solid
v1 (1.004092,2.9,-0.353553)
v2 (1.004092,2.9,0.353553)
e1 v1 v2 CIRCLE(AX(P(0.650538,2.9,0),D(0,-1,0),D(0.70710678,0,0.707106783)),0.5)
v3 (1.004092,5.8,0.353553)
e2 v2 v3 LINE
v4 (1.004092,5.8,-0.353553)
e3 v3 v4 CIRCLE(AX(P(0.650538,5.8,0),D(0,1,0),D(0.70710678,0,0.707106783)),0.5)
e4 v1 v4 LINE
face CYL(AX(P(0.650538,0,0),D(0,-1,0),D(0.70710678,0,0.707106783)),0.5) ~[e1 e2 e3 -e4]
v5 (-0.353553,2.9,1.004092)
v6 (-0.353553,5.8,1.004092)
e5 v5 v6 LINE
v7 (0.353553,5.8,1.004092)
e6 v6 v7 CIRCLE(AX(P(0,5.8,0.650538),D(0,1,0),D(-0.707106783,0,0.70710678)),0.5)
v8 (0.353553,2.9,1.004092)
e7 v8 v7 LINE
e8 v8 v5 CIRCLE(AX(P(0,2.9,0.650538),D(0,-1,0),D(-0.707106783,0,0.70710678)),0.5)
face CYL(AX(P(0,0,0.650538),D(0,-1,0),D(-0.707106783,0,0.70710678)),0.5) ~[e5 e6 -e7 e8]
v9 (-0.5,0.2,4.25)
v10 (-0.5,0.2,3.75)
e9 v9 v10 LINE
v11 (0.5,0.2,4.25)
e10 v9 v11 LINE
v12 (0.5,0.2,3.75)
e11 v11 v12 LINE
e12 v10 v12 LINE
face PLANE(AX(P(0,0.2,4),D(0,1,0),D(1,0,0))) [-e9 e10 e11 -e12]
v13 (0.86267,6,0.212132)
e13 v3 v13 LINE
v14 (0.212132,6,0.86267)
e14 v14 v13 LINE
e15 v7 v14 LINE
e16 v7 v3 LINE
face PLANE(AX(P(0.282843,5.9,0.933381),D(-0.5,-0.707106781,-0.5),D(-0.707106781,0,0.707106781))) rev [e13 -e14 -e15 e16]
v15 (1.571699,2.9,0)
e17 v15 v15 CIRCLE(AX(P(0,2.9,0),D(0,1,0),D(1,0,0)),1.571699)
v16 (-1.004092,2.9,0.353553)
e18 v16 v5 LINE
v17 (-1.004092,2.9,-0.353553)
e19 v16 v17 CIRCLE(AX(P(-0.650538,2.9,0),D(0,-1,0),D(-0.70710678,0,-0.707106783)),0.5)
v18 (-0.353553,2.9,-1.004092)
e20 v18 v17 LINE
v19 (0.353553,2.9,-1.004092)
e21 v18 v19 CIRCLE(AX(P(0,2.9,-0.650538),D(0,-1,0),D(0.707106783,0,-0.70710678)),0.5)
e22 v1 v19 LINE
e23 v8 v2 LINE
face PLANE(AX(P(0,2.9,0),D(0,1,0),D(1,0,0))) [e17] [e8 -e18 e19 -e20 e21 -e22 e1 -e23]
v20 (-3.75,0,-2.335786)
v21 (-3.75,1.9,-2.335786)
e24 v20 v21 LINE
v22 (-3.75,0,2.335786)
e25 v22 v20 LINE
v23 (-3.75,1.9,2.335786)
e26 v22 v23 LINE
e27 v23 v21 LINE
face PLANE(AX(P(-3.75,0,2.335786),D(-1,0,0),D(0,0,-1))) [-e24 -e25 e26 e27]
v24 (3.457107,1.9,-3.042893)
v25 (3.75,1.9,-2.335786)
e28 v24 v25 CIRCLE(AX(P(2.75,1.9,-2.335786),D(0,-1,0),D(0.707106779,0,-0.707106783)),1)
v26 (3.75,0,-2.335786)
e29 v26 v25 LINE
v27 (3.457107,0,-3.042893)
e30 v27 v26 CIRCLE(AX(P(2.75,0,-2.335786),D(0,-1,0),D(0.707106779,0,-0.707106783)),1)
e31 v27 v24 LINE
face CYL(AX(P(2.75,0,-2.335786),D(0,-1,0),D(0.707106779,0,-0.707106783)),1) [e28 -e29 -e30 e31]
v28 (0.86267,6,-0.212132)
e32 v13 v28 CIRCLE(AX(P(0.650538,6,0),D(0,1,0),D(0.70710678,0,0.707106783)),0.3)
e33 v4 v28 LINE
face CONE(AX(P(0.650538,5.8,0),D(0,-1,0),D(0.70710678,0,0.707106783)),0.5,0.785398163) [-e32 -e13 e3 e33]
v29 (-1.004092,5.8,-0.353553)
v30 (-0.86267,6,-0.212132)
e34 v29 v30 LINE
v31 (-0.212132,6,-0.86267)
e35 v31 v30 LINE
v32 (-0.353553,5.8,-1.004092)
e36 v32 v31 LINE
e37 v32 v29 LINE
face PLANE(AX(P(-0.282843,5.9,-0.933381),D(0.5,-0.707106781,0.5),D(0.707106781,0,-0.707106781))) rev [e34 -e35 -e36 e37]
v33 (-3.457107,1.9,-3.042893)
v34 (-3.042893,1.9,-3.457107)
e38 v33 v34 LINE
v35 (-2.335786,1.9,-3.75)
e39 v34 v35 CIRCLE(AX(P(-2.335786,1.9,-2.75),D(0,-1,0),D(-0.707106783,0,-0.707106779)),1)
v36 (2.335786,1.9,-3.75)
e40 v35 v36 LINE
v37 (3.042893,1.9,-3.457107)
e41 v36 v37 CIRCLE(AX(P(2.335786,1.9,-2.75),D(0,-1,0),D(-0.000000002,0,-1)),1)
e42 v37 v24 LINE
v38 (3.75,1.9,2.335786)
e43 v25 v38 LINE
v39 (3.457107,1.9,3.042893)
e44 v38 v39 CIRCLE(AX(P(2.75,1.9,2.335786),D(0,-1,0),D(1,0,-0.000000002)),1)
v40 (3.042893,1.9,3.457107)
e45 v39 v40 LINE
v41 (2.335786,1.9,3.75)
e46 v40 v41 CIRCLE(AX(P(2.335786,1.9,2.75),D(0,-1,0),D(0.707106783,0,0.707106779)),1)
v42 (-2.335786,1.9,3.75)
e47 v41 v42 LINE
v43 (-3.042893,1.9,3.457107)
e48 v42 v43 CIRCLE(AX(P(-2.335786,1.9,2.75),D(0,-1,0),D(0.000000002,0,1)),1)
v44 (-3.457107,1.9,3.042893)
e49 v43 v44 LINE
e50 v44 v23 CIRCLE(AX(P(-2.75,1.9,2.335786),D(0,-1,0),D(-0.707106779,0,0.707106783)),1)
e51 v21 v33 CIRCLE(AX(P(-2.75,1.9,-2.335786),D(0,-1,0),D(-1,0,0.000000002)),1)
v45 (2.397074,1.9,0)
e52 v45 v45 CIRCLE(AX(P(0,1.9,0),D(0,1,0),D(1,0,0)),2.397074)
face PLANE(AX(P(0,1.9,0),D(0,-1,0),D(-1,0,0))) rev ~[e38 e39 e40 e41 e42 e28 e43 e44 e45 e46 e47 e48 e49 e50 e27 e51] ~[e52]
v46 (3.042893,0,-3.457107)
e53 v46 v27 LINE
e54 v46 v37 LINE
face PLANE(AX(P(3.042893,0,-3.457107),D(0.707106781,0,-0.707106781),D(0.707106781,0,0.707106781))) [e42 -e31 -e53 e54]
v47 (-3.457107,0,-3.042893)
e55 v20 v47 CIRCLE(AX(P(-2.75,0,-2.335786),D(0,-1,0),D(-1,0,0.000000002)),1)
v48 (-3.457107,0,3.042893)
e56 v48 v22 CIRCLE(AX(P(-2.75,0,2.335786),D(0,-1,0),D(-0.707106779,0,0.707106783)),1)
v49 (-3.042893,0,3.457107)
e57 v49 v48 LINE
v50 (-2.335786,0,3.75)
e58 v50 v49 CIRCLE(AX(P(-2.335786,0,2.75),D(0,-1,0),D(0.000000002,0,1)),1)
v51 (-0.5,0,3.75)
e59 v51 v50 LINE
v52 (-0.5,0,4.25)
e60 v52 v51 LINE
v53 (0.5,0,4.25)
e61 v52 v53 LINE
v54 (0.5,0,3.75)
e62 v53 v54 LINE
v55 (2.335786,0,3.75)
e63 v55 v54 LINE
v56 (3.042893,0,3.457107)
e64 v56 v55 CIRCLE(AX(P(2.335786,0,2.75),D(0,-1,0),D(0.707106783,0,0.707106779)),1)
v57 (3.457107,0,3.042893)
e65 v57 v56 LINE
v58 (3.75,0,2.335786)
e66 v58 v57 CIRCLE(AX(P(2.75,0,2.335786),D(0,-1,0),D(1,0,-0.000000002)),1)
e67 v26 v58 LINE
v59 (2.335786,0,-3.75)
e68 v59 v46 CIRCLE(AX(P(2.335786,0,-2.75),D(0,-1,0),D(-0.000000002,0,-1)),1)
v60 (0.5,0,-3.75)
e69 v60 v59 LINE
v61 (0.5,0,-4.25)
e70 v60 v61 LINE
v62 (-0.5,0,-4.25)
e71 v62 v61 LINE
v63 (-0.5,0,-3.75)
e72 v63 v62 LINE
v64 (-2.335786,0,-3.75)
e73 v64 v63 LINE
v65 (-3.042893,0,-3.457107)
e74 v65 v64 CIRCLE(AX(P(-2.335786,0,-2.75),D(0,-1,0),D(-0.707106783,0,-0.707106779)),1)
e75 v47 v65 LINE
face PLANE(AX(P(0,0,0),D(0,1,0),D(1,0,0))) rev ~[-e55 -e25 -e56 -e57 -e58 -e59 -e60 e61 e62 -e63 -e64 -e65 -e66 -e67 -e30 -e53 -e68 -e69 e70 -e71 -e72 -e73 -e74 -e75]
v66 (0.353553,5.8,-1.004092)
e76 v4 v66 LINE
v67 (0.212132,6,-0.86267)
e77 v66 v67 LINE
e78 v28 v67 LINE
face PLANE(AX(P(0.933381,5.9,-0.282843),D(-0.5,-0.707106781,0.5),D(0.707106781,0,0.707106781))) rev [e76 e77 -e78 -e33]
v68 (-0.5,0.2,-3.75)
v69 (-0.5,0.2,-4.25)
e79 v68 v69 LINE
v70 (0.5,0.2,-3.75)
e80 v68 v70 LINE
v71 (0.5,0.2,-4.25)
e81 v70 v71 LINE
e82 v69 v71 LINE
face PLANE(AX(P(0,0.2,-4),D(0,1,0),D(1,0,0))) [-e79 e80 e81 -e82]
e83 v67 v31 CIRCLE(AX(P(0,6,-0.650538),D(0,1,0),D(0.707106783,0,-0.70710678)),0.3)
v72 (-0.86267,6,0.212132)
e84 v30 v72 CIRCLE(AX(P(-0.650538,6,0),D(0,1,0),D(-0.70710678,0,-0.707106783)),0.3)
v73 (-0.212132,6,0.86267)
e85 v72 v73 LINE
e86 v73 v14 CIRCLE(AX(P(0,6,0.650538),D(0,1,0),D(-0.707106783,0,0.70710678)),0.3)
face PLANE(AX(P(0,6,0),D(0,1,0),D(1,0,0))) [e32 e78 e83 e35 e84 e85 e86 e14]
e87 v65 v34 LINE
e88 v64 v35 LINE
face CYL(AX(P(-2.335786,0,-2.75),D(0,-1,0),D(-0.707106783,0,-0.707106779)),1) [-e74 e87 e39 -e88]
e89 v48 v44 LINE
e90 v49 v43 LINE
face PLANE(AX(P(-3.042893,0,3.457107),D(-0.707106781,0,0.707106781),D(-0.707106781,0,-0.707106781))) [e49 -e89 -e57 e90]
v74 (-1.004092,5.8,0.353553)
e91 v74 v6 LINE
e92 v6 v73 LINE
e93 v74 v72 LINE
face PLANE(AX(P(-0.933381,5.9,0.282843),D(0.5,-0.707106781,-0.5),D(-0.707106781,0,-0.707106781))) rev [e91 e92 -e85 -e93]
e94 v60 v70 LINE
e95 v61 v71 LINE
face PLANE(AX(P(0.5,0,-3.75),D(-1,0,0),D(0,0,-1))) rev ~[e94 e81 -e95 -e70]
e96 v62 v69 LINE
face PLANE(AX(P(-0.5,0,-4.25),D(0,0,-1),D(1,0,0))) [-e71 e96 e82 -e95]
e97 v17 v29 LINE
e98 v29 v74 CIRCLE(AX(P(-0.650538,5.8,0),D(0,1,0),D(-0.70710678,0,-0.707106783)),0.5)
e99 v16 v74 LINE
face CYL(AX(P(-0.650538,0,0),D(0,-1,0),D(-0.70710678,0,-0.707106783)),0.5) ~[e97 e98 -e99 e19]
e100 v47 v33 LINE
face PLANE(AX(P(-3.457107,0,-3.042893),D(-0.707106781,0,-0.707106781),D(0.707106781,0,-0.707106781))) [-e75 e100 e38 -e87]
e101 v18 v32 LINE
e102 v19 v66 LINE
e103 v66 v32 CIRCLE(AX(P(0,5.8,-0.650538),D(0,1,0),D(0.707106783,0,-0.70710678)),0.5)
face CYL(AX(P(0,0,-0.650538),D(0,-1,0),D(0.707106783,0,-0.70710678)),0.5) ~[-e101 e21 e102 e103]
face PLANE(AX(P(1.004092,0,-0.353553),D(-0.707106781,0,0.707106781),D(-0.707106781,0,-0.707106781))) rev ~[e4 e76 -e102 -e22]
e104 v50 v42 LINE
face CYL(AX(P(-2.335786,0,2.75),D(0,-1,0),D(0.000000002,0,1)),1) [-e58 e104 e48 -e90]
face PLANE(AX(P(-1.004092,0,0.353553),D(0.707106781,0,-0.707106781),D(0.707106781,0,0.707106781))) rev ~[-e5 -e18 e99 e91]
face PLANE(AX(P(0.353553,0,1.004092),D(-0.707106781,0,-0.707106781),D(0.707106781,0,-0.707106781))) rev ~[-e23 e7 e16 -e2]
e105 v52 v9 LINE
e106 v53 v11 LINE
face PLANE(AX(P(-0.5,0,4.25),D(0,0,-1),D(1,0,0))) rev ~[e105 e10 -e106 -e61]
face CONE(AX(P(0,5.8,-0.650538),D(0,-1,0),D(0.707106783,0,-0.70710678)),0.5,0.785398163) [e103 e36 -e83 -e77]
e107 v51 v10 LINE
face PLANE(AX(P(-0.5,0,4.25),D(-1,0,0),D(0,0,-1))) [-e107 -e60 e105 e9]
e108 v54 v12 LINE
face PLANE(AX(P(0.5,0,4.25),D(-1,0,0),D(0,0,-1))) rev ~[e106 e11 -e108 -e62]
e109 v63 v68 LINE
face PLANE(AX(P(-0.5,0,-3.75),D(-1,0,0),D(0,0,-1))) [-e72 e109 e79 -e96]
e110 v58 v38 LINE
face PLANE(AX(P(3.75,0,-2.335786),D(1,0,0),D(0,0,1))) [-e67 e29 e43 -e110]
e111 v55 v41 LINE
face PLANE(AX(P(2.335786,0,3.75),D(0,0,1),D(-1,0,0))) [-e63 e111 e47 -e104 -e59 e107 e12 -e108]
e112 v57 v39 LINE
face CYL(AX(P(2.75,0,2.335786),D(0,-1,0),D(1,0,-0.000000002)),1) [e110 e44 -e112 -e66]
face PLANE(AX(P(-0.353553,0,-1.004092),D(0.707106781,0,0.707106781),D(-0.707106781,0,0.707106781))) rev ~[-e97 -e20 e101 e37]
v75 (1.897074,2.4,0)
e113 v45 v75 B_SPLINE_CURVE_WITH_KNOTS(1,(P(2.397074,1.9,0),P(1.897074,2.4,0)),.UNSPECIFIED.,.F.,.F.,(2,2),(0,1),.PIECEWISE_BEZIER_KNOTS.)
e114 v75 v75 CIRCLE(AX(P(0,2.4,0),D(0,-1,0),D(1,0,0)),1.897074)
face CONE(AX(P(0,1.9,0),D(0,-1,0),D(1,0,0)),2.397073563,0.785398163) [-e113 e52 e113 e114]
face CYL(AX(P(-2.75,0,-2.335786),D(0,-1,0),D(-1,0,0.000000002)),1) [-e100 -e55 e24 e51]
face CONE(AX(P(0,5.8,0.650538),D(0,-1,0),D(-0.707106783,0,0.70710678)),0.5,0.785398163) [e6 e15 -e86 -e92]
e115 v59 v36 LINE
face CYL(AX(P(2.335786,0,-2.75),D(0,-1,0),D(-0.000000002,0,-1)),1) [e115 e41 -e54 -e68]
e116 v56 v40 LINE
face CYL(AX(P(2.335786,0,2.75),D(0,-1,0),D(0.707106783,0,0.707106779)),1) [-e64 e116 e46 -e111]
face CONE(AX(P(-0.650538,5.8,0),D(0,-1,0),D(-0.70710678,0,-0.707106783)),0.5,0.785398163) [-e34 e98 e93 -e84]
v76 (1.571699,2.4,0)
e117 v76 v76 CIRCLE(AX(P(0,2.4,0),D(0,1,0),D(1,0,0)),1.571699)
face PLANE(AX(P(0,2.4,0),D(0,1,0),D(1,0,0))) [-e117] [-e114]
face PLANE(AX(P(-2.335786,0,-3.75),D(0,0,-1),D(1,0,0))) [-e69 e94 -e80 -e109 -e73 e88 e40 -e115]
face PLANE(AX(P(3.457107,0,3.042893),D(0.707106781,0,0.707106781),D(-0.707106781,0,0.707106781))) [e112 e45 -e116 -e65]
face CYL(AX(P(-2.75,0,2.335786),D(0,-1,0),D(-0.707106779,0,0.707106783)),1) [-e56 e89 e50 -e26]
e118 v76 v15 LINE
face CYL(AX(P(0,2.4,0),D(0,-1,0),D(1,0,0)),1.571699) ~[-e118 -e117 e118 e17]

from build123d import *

# Parameters (mm, degrees)
BOSS_EXTRUDE1_DEPTH = 1.9
BOSS_EXTRUDE2_DEPTH = 6
SKETCH3_R           = 2.397073563
BOSS_EXTRUDE3_DEPTH = 0.5
BOSS_EXTRUDE3_TAPER = 45
SKETCH4_R           = 1.57169904
BOSS_EXTRUDE4_DEPTH = 0.5
SKETCH5_W           = 1
SKETCH5_H           = 0.5
BOSS_EXTRUDE5_DEPTH = 0.2
CHAMFER1_SIZE       = 0.2


with BuildPart() as part:
    # Sketch1 → Boss-Extrude1 (new body)
    with BuildSketch(Plane(origin=(0, 0, 0), x_dir=(1, 0, 0), z_dir=(0, 1, 0))):
        with BuildLine():
            Line((-3.457106781, 3.042893219), (-3.042893219, 3.457106781))
            ThreePointArc((-3.042893219, 3.457106781), (-2.71846987, 3.673879533), (-2.335786438, 3.75))
            Line((-2.335786438, 3.75), (2.335786438, 3.75))
            ThreePointArc((2.335786438, 3.75), (2.71846987, 3.673879533), (3.042893219, 3.457106781))
            Line((3.042893219, 3.457106781), (3.457106781, 3.042893219))
            ThreePointArc((3.457106781, 3.042893219), (3.673879533, 2.71846987), (3.75, 2.335786438))
            Line((3.75, 2.335786438), (3.75, -2.335786438))
            ThreePointArc((3.75, -2.335786438), (3.673879533, -2.71846987), (3.457106781, -3.042893219))
            Line((3.457106781, -3.042893219), (3.042893219, -3.457106781))
            ThreePointArc((3.042893219, -3.457106781), (2.71846987, -3.673879533), (2.335786438, -3.75))
            Line((2.335786438, -3.75), (-2.335786438, -3.75))
            ThreePointArc((-2.335786438, -3.75), (-2.71846987, -3.673879533), (-3.042893219, -3.457106781))
            Line((-3.042893219, -3.457106781), (-3.457106781, -3.042893219))
            ThreePointArc((-3.457106781, -3.042893219), (-3.673879533, -2.71846987), (-3.75, -2.335786438))
            Line((-3.75, -2.335786438), (-3.75, 2.335786438))
            ThreePointArc((-3.75, 2.335786438), (-3.673879533, 2.71846987), (-3.457106781, 3.042893219))
        make_face()
    extrude(amount=BOSS_EXTRUDE1_DEPTH)

    # Sketch2 → Boss-Extrude2 (add)
    with BuildSketch(Plane(origin=(0, 0, 0), x_dir=(1, 0, 0), z_dir=(0, 1, 0))):
        with BuildLine():
            Line((0.353553391, -1.004091629), (1.004091629, -0.353553391))
            ThreePointArc((1.004091629, -0.353553391), (1.150538239, 0), (1.004091629, 0.353553391))
            Line((1.004091629, 0.353553391), (0.353553391, 1.004091629))
            ThreePointArc((0.353553391, 1.004091629), (0, 1.150538239), (-0.353553391, 1.004091629))
            Line((-0.353553391, 1.004091629), (-1.004091629, 0.353553391))
            ThreePointArc((-1.004091629, 0.353553391), (-1.150538239, 0), (-1.004091629, -0.353553391))
            Line((-1.004091629, -0.353553391), (-0.353553391, -1.004091629))
            ThreePointArc((-0.353553391, -1.004091629), (0, -1.150538239), (0.353553391, -1.004091629))
        make_face()
    extrude(amount=BOSS_EXTRUDE2_DEPTH)

    # Sketch3 → Boss-Extrude3 (add)
    with BuildSketch(Plane(origin=(0, 1.9, 0), x_dir=(1, 0, 0), z_dir=(0, 1, 0))):
        Circle(SKETCH3_R)
    extrude(amount=BOSS_EXTRUDE3_DEPTH, taper=BOSS_EXTRUDE3_TAPER)

    # Sketch4 → Boss-Extrude4 (add)
    with BuildSketch(Plane(origin=(0, 2.4, 0), x_dir=(1, 0, 0), z_dir=(0, 1, 0))):
        Circle(SKETCH4_R)
    extrude(amount=BOSS_EXTRUDE4_DEPTH)

    # Sketch5 → Boss-Extrude5 (add)
    with BuildSketch(Plane(origin=(0, 0, 0), x_dir=(1, 0, 0), z_dir=(0, 1, 0))):
        with Locations((0, -4)):
            Rectangle(SKETCH5_W, SKETCH5_H)
        with Locations((0, 4)):
            Rectangle(SKETCH5_W, SKETCH5_H)
    extrude(amount=BOSS_EXTRUDE5_DEPTH)

    # Chamfer1
    chamfer1_edges = [part.edges().sort_by_distance(p)[0] for p in [
        (0, 6, 1.150538239),
        (0.67882251, 6, 0.67882251),
        (1.150538239, 6, 0),
        (0.67882251, 6, -0.67882251),
        (0, 6, -1.150538239),
        (-0.67882251, 6, -0.67882251),
        (-1.150538239, 6, 0),
        (-0.67882251, 6, 0.67882251),
    ]]
    chamfer(chamfer1_edges, length=CHAMFER1_SIZE)


solid = part.part
